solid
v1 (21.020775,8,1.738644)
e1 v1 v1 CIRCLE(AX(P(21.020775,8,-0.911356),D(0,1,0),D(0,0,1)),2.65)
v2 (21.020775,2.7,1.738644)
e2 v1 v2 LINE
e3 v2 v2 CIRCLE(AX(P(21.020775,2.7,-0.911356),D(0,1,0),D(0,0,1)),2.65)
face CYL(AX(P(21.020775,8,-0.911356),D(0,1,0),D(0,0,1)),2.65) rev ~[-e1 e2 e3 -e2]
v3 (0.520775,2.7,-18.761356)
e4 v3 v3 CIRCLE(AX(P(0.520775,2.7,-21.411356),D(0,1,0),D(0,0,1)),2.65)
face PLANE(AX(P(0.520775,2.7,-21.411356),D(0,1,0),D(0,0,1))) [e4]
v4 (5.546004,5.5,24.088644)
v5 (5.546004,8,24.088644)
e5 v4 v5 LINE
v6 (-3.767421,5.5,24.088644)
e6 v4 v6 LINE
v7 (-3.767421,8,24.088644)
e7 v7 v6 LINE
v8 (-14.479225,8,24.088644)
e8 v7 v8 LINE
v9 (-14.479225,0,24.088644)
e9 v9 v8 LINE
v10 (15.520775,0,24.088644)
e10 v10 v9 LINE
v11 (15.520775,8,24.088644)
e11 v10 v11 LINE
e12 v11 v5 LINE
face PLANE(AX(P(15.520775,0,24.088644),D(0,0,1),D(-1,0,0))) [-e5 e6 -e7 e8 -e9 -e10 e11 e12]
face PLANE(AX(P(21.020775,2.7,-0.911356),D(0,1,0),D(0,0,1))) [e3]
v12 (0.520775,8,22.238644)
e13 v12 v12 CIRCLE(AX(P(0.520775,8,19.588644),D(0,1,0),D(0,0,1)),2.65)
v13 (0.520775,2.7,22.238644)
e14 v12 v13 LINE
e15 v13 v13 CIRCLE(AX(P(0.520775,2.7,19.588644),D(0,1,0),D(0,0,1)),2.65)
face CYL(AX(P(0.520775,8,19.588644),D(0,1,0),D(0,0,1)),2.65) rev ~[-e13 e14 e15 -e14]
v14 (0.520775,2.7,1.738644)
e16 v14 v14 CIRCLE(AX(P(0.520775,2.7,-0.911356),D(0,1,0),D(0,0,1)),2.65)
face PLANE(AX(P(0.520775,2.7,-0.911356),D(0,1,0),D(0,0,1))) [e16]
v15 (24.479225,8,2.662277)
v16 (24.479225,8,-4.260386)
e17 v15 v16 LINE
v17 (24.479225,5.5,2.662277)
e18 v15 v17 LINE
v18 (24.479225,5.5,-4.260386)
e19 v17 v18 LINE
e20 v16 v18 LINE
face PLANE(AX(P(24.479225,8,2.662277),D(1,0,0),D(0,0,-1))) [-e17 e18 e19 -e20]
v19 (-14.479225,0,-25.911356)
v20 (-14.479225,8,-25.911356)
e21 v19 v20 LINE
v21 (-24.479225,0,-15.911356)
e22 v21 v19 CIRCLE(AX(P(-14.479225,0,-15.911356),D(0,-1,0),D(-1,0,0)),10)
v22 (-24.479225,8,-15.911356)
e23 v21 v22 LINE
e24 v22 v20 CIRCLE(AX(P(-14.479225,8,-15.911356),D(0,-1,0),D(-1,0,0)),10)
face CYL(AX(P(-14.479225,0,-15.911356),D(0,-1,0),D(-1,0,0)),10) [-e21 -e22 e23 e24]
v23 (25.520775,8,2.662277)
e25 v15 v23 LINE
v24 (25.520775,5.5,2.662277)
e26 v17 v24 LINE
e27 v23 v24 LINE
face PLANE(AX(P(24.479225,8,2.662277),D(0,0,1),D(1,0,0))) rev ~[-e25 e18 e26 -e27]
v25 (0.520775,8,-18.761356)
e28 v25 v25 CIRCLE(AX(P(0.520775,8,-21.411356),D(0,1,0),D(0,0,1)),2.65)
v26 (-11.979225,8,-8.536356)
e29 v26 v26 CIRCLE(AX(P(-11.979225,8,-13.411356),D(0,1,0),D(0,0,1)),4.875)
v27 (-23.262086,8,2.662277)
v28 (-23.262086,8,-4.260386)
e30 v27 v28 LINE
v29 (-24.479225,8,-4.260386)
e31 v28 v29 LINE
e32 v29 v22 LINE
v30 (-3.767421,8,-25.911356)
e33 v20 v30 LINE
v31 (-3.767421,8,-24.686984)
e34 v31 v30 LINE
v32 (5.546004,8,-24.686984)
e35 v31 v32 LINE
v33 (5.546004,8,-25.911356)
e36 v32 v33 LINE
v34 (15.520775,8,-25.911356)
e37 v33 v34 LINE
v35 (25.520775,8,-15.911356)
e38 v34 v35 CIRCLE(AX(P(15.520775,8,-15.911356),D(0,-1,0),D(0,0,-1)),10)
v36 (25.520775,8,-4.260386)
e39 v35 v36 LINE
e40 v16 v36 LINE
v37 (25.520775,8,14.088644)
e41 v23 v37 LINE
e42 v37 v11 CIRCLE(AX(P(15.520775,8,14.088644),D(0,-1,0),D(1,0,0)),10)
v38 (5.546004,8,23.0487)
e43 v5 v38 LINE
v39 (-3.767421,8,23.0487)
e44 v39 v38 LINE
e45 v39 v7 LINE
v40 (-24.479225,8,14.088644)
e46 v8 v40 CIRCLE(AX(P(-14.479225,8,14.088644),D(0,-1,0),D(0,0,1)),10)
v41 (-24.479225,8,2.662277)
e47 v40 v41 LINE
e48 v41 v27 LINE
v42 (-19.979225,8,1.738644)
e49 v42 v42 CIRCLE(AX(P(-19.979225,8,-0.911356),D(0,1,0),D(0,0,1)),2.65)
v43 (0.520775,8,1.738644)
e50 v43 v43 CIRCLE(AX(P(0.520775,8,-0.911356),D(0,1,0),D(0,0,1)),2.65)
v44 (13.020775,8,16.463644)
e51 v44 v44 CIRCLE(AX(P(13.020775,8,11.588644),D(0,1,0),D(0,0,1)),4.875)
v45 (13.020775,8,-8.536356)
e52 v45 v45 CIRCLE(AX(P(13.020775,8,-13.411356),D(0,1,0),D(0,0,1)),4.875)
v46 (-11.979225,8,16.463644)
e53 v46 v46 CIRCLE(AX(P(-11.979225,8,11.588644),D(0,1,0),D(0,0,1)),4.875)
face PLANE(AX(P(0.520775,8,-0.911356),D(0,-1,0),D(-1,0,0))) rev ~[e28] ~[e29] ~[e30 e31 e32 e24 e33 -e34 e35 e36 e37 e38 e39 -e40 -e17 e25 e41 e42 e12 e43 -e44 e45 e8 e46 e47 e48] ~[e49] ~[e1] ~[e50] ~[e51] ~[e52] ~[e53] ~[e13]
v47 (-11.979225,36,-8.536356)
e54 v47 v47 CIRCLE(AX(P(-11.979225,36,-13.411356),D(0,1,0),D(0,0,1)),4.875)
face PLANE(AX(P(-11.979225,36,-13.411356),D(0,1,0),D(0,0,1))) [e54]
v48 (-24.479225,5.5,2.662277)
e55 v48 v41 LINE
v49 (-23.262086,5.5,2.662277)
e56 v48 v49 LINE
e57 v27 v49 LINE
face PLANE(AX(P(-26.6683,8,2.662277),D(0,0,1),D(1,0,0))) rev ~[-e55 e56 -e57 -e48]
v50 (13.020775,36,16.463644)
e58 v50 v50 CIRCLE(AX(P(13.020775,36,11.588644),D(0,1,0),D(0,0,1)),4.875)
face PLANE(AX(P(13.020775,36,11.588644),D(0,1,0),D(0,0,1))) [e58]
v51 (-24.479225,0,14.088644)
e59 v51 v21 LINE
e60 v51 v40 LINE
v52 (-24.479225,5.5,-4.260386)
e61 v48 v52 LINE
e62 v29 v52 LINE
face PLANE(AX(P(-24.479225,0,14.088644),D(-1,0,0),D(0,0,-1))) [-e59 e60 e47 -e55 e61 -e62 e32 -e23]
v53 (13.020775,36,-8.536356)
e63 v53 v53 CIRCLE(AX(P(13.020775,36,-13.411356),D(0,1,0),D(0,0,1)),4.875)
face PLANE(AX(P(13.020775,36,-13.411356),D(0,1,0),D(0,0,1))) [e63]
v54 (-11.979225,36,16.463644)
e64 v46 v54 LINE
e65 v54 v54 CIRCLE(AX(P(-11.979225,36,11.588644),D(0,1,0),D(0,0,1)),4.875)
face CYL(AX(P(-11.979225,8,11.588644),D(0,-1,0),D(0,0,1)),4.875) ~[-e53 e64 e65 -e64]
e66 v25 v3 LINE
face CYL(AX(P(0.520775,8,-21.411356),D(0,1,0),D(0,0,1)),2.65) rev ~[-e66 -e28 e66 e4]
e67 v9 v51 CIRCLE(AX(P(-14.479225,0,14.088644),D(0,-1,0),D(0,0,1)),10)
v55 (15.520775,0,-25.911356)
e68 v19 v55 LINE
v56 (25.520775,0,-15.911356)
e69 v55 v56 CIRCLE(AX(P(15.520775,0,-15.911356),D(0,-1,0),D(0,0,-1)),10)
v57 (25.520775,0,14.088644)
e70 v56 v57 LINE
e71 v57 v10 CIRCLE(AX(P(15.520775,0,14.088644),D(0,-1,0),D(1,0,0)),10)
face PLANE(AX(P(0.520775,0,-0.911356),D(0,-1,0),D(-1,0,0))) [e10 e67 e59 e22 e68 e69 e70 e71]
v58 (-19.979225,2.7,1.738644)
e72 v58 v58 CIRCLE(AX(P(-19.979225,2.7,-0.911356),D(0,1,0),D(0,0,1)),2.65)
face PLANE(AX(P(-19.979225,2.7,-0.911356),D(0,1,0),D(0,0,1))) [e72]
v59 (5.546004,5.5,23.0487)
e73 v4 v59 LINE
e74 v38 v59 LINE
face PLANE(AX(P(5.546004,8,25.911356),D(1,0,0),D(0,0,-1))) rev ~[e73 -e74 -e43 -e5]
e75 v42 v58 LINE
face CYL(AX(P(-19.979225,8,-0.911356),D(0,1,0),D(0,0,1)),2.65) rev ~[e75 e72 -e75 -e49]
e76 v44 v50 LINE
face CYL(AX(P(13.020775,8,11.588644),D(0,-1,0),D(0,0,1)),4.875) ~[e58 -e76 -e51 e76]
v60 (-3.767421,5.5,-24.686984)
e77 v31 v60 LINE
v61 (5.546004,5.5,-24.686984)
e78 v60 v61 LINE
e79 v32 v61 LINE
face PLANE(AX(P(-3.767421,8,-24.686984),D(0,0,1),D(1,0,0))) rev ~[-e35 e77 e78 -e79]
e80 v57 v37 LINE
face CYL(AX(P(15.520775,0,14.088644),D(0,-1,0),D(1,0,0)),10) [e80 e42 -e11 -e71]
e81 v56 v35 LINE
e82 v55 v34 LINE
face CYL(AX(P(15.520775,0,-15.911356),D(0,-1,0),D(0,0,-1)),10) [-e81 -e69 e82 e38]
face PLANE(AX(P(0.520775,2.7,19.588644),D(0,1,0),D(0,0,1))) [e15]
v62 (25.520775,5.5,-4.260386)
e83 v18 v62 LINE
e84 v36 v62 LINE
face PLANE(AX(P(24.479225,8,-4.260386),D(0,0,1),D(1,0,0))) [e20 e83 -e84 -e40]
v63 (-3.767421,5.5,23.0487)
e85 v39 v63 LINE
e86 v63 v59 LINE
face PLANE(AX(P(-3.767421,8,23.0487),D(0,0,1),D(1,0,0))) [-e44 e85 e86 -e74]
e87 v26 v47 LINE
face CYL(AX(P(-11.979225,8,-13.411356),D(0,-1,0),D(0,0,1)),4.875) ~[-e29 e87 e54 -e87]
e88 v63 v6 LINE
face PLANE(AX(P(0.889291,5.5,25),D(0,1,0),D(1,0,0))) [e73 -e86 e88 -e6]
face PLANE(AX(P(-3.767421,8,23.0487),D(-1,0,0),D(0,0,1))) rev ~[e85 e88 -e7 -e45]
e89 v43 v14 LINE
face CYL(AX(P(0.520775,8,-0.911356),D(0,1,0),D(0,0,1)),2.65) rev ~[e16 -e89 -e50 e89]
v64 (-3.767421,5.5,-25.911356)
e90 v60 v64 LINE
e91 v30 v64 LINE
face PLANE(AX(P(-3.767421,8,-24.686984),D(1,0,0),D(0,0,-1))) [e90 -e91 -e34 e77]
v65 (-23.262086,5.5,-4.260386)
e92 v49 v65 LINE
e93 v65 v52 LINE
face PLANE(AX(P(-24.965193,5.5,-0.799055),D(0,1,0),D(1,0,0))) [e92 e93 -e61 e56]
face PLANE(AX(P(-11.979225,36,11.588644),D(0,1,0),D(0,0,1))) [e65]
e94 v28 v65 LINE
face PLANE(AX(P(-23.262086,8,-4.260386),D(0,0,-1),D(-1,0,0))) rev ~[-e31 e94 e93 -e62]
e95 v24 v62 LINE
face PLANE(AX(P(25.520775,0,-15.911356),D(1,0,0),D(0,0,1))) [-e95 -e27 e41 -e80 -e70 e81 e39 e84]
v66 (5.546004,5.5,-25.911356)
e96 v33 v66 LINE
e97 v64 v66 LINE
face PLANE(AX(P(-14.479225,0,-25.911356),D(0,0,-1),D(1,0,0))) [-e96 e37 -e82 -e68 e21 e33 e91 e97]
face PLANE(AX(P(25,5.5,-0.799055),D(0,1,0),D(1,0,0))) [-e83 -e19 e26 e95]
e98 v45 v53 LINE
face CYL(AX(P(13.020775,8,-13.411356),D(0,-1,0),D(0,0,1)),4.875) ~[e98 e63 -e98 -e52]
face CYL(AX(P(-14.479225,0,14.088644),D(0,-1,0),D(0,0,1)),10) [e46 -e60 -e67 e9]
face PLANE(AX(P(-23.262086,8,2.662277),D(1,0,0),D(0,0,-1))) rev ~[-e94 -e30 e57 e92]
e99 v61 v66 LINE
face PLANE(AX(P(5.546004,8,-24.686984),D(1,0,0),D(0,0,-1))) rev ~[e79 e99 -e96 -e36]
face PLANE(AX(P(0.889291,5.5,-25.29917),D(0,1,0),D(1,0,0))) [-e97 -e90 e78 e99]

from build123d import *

# Parameters (mm, degrees)
SALIENTE_EXTRUIR1_DEPTH = 8
CROQUIS2_R              = 4.875
SALIENTE_EXTRUIR2_DEPTH = 28
MATRIZL1_COUNT          = 2
MATRIZL1_PITCH          = 25
MATRIZL1_COUNT_DIR2     = 2
MATRIZL1_PITCH_DIR2     = 25
CROQUIS3_R              = 2.65
CORTAR_EXTRUIR1_DEPTH   = 5.3
CROQUIS4_W              = 9.313425885
CROQUIS4_H              = 1.82271115
CROQUIS4_H_2            = 1.039944003
CROQUIS4_W_2            = 1.041549228
CROQUIS4_H_3            = 6.922662644
CROQUIS4_H_4            = 1.224371708
CORTAR_EXTRUIR2_DEPTH   = 2.5


with BuildPart() as part:
    # Croquis1 → Saliente-Extruir1 (new body)
    with BuildSketch(Plane(origin=(0, 0, 0), x_dir=(1, 0, 0), z_dir=(0, 1, 0))):
        with BuildLine():
            Line((-14.479225386, 25.911355575), (15.520774614, 25.911355575))
            ThreePointArc((15.520774614, 25.911355575), (22.591842426, 22.982423386), (25.520774614, 15.911355575))
            Line((25.520774614, 15.911355575), (25.520774614, -14.088644425))
            ThreePointArc((25.520774614, -14.088644425), (22.591842426, -21.159712237), (15.520774614, -24.088644425))
            Line((15.520774614, -24.088644425), (-14.479225386, -24.088644425))
            ThreePointArc((-14.479225386, -24.088644425), (-21.550293198, -21.159712237), (-24.479225386, -14.088644425))
            Line((-24.479225386, -14.088644425), (-24.479225386, 15.911355575))
            ThreePointArc((-24.479225386, 15.911355575), (-21.550293198, 22.982423386), (-14.479225386, 25.911355575))
        make_face()
    extrude(amount=SALIENTE_EXTRUIR1_DEPTH)

    # Croquis2 → Saliente-Extruir2 (add)
    with BuildSketch(Plane(origin=(0, 8, 0), x_dir=(1, 0, 0), z_dir=(0, 1, 0))):
        with Locations(Location((-11.979225386, 13.411355575, 0), (0, 0, 270))):
            Circle(CROQUIS2_R)
    saliente_extruir2 = extrude(amount=SALIENTE_EXTRUIR2_DEPTH)

    # MatrizL1: Saliente-Extruir2 2 × 2
    with Locations(*[(i * MATRIZL1_PITCH, 0, j * MATRIZL1_PITCH_DIR2) for i in range(MATRIZL1_COUNT) for j in range(MATRIZL1_COUNT_DIR2) if (i, j) != (0, 0)]):
        add(saliente_extruir2)

    # Croquis3 → Cortar-Extruir1 (cut)
    with BuildSketch(Plane(origin=(0, 8, 0), x_dir=(1, 0, 0), z_dir=(0, 1, 0))):
        with Locations(Location((0.520774614, 0.911355575, 0), (0, 0, 270))):
            Circle(CROQUIS3_R)
        with Locations(Location((0.520774614, 21.411355575, 0), (0, 0, 270))):
            Circle(CROQUIS3_R)
        with Locations(Location((0.520774614, -19.588644425, 0), (0, 0, 270))):
            Circle(CROQUIS3_R)
        with Locations(Location((-19.979225386, 0.911355575, 0), (0, 0, 270))):
            Circle(CROQUIS3_R)
        with Locations(Location((21.020774614, 0.911355575, 0), (0, 0, 270))):
            Circle(CROQUIS3_R)
    extrude(amount=-CORTAR_EXTRUIR1_DEPTH, mode=Mode.SUBTRACT)

    # Croquis4 → Cortar-Extruir2 (cut)
    with BuildSketch(Plane(origin=(0, 8, 0), x_dir=(1, 0, 0), z_dir=(0, 1, 0))):
        with Locations((0.889291465, -25)):
            Rectangle(CROQUIS4_W, CROQUIS4_H)
        with Locations((0.889291465, -23.568672424)):
            Rectangle(CROQUIS4_W, CROQUIS4_H_2)
        with Locations((25, 0.799054751)):
            Rectangle(CROQUIS4_W_2, CROQUIS4_H_3)
        with Locations((0.889291465, 25.299169721)):
            Rectangle(CROQUIS4_W, CROQUIS4_H_4)
        Polygon((-26.668299848, 4.260386073), (-26.668299848, -2.662276571), (-24.479225386, -2.662276571), (-23.262085841, -2.662276571), (-23.262085841, 4.260386073), (-24.479225386, 4.260386073), align=None)
    extrude(amount=-CORTAR_EXTRUIR2_DEPTH, mode=Mode.SUBTRACT)


solid = part.part
